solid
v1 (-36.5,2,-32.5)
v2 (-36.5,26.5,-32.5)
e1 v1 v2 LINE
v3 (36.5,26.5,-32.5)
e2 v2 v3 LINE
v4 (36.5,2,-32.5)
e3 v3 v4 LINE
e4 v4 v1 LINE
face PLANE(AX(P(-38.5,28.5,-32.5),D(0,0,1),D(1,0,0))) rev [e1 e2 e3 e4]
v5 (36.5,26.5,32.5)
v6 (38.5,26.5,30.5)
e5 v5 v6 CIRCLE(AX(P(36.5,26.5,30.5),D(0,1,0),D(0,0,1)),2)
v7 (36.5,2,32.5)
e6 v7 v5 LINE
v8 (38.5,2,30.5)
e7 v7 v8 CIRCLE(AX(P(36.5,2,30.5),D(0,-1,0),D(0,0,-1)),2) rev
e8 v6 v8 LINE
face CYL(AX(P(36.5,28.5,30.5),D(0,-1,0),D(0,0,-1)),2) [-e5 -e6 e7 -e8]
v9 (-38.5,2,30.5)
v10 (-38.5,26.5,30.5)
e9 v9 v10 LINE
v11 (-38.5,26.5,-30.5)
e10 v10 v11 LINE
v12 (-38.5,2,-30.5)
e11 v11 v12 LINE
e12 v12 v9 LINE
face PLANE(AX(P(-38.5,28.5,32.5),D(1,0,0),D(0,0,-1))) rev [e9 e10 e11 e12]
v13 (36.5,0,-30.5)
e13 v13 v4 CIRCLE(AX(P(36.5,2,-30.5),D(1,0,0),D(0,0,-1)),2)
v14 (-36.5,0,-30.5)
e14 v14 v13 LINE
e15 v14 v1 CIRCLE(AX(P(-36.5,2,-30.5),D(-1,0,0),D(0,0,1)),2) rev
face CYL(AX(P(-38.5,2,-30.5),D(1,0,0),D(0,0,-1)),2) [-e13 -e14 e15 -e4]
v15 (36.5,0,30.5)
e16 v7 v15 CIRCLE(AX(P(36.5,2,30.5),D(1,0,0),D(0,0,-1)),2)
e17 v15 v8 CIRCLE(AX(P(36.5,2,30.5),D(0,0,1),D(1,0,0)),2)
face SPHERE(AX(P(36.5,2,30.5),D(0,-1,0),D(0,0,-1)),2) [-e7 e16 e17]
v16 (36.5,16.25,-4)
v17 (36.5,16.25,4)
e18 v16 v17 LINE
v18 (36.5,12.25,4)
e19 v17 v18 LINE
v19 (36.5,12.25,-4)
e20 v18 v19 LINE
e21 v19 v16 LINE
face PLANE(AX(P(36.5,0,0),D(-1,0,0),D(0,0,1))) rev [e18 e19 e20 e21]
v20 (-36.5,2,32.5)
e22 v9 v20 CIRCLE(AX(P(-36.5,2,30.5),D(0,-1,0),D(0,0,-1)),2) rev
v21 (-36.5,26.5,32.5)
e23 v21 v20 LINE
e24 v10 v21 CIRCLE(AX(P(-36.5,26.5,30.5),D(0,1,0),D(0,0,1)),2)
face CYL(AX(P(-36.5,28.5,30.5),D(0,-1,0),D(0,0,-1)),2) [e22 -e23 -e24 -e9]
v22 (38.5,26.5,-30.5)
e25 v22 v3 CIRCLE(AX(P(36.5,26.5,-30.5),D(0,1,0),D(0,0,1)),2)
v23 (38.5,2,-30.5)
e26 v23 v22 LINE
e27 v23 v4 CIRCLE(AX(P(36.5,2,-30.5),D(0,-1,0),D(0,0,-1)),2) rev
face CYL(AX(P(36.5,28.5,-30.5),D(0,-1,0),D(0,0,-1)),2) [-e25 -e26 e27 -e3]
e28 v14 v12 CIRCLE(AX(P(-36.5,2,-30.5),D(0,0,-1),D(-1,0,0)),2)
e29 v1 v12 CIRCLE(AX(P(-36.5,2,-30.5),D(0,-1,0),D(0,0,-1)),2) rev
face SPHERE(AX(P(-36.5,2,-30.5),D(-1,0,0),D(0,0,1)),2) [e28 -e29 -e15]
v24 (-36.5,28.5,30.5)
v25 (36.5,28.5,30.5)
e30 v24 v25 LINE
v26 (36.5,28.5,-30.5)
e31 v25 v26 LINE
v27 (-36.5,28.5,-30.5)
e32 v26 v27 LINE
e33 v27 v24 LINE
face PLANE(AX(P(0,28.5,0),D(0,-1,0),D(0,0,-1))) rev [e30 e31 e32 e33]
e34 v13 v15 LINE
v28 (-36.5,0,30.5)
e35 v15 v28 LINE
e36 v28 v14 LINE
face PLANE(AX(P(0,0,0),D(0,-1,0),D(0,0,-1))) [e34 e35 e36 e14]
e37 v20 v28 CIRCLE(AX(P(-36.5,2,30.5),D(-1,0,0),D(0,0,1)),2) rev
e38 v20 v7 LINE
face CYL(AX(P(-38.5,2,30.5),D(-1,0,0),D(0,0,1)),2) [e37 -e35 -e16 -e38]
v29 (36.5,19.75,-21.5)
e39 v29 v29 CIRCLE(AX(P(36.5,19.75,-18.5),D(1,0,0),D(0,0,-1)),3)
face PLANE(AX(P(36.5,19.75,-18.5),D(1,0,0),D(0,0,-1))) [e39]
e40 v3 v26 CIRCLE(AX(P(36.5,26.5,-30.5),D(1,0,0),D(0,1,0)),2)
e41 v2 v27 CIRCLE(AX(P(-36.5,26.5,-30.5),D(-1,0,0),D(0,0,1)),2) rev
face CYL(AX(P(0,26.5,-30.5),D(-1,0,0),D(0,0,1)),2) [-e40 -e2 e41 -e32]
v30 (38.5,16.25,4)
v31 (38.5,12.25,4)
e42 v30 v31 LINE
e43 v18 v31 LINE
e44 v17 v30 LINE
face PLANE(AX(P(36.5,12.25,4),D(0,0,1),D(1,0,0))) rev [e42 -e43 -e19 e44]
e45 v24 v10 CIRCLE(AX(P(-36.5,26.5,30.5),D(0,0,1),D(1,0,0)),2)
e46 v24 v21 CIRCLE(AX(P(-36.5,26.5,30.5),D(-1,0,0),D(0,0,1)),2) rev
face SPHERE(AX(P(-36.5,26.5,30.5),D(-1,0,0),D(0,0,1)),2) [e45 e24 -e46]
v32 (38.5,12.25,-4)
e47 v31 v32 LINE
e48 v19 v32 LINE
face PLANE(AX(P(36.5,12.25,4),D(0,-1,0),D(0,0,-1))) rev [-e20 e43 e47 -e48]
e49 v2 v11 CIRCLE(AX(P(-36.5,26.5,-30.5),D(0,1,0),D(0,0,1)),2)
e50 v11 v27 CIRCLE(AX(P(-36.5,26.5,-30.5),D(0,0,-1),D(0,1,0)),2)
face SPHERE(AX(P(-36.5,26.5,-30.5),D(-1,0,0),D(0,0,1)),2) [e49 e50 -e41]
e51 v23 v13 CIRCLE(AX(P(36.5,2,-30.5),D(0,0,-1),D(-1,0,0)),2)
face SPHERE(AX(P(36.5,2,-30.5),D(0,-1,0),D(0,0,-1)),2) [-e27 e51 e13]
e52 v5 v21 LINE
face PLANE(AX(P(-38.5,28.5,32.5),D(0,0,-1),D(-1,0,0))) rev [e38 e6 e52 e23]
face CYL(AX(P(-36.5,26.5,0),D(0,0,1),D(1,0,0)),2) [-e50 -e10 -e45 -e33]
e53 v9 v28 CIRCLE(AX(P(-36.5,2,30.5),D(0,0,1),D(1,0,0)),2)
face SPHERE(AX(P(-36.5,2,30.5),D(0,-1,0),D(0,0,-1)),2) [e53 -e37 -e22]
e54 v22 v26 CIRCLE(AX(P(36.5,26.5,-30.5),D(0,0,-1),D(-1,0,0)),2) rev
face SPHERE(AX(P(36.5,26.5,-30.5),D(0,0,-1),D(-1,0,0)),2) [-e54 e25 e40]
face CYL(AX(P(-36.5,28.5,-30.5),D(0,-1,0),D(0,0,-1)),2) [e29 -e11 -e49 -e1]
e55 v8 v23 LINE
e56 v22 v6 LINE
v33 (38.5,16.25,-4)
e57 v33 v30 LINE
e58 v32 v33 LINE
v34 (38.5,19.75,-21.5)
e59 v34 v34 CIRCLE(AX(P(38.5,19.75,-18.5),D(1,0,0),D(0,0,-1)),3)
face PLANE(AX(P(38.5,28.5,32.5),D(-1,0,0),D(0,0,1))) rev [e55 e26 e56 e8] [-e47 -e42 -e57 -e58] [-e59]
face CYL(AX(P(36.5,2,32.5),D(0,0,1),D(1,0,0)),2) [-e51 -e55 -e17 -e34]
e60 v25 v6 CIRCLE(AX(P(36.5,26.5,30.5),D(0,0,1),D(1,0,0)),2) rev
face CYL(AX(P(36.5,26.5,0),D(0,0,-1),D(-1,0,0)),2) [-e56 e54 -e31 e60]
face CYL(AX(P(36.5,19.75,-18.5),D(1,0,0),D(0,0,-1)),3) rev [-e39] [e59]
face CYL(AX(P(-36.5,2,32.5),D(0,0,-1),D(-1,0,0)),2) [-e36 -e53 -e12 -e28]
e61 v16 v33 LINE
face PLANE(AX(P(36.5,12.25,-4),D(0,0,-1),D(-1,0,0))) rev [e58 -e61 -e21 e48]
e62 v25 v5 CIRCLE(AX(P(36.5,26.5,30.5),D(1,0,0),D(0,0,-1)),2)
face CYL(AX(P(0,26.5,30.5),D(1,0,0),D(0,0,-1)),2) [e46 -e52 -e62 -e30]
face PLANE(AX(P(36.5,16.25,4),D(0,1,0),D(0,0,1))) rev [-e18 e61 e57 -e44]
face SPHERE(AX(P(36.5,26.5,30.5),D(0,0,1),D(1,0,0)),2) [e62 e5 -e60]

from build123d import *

# Parameters (mm, degrees)
ESQUISSE1_W             = 77
ESQUISSE1_H             = 65
BOSS_EXTRU_1_DEPTH      = 28.5
CONG_2_R                = 2
ESQUISSE2_R             = 3
ESQUISSE2_W             = 8
ESQUISSE2_H             = 4
ENL_V_MAT_EXTRU_1_DEPTH = 2


with BuildPart() as part:
    # Esquisse1 → Boss.-Extru.1 (new body)
    with BuildSketch(Plane(origin=(0, 0, 0), x_dir=(1, 0, 0), z_dir=(0, 1, 0))):
        Rectangle(ESQUISSE1_W, ESQUISSE1_H)
    extrude(amount=BOSS_EXTRU_1_DEPTH)

    # Congé2
    cong_2_edges = [part.edges().sort_by_distance(p)[0] for p in [
        (-38.5, 28.5, 0),
        (0, 28.5, 32.5),
        (38.5, 28.5, 0),
        (0, 0, 32.5),
        (-38.5, 0, 0),
        (0, 0, -32.5),
        (38.5, 0, 0),
        (38.5, 14.25, 32.5),
        (-38.5, 14.25, 32.5),
        (-38.5, 14.25, -32.5),
        (38.5, 14.25, -32.5),
        (0, 28.5, -32.5),
    ]]
    fillet(cong_2_edges, radius=CONG_2_R)

    # Esquisse2 → Enlèv. mat.-Extru.1 (cut)
    with BuildSketch(Plane(origin=(38.5, 0, 0), x_dir=(0, 0, -1), z_dir=(1, 0, 0))):
        with Locations((18.5, 19.75)):
            Circle(ESQUISSE2_R)
        with Locations((0, 14.25)):
            Rectangle(ESQUISSE2_W, ESQUISSE2_H)
    extrude(amount=-ENL_V_MAT_EXTRU_1_DEPTH, mode=Mode.SUBTRACT)


solid = part.part
